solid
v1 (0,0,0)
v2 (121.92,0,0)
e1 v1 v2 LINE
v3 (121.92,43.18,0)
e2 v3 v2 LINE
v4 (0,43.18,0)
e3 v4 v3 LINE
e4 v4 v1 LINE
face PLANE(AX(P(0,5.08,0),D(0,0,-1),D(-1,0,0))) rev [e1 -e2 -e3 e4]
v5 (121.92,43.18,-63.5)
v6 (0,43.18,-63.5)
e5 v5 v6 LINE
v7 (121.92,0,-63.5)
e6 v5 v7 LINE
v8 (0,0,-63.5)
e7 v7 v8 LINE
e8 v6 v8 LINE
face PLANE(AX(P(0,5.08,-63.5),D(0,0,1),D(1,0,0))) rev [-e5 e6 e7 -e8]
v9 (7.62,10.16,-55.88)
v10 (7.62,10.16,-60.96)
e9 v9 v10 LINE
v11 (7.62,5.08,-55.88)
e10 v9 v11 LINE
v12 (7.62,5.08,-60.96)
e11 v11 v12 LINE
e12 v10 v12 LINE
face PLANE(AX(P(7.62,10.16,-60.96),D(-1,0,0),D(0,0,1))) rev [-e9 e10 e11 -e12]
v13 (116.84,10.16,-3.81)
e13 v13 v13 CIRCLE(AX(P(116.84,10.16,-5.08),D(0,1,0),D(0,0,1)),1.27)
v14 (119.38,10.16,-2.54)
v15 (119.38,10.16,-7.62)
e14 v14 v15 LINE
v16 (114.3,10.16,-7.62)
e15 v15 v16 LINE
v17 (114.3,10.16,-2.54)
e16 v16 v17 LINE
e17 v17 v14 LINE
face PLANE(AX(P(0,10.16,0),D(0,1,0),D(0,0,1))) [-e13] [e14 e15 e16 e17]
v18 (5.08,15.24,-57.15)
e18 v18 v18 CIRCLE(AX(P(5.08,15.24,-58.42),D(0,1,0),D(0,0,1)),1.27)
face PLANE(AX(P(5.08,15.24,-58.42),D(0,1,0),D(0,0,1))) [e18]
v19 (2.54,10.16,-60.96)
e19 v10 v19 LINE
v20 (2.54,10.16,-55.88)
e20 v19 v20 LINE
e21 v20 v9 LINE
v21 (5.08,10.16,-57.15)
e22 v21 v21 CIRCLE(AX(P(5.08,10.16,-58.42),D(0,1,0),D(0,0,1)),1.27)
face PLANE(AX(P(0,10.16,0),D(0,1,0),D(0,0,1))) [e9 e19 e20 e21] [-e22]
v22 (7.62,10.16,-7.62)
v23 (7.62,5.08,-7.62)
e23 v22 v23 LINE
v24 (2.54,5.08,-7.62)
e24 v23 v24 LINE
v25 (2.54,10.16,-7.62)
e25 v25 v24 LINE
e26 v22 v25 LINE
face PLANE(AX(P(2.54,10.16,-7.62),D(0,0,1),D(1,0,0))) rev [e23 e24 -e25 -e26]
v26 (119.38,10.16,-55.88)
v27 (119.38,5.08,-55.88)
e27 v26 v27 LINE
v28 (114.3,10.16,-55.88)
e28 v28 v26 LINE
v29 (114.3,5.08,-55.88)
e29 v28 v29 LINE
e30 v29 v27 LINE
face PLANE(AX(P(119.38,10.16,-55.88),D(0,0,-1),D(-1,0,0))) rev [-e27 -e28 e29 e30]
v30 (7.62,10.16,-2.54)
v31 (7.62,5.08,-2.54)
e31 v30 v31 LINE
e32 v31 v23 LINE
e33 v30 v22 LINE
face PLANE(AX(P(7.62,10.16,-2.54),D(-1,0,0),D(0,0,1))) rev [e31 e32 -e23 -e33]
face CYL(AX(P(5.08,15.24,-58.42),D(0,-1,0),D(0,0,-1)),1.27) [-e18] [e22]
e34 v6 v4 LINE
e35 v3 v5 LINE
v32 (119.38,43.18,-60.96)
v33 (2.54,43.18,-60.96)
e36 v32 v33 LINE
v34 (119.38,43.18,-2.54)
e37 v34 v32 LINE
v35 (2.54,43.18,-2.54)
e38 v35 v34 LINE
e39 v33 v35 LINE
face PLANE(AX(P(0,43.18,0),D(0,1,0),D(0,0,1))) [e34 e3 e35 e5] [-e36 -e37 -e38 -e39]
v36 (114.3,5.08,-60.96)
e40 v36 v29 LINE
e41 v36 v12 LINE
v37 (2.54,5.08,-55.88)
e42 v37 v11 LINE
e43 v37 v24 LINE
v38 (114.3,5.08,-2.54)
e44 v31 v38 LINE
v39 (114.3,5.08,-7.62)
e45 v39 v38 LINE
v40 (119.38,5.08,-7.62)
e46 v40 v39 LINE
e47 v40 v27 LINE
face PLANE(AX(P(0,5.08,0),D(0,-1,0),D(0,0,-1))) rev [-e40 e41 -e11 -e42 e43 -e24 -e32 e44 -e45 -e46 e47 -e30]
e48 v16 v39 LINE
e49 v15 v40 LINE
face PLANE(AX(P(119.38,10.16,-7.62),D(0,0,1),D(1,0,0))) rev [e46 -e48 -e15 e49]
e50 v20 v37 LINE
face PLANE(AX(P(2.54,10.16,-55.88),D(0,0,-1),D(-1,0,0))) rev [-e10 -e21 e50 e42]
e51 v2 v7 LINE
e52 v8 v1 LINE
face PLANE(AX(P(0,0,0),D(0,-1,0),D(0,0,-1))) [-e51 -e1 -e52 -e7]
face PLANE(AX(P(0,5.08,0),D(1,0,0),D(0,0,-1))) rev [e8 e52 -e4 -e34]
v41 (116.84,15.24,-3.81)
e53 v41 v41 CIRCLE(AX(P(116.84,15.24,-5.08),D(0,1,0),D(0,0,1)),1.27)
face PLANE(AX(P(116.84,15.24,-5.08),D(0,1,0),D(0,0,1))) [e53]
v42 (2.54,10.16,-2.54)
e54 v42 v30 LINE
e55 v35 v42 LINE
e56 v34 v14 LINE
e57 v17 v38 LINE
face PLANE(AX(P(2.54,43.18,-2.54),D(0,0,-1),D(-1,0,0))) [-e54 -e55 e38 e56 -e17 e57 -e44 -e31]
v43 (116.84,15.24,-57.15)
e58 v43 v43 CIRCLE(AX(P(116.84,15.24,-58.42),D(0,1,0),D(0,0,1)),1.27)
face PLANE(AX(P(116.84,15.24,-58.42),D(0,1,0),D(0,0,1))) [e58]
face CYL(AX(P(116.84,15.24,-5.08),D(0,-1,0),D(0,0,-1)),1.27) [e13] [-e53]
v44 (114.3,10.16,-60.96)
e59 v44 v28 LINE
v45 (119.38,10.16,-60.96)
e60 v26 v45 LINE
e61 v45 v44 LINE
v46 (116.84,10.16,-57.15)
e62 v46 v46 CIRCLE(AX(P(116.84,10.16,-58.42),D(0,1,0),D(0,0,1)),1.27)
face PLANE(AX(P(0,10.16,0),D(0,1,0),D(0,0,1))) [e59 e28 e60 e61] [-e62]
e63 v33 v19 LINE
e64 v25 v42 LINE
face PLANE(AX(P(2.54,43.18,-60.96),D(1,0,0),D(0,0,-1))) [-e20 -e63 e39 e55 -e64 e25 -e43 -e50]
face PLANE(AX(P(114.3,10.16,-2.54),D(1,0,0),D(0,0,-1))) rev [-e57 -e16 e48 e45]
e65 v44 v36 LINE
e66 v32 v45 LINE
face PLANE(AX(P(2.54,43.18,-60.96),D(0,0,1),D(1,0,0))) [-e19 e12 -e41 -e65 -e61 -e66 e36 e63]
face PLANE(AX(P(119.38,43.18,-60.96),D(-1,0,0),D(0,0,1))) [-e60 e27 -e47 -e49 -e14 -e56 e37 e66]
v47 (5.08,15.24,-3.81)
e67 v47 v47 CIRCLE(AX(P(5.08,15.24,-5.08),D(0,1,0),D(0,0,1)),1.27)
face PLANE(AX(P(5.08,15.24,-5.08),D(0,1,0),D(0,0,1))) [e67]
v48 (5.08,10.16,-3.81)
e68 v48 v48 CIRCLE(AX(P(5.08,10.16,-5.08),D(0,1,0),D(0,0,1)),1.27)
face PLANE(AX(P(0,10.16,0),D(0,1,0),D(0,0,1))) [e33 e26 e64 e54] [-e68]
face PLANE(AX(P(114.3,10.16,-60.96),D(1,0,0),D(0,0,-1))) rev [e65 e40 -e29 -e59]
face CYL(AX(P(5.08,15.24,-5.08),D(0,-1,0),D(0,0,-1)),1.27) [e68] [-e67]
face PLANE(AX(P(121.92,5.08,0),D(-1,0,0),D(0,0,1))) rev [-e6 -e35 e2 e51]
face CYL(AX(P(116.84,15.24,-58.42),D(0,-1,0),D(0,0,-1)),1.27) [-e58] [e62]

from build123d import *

# Parameters (mm, degrees)
SKETCH1_W           = 121.92
SKETCH1_H           = 63.5
BOSS_EXTRUDE1_DEPTH = 5.08
SKETCH2_W           = 121.92
SKETCH2_H           = 63.5
SKETCH2_W_2         = 116.84
SKETCH2_H_2         = 58.42
BOSS_EXTRUDE2_DEPTH = 38.1
SKETCH4_W           = 5.08
SKETCH4_H           = 5.08
BOSS_EXTRUDE3_DEPTH = 5.08
SKETCH5_R           = 1.27
BOSS_EXTRUDE4_DEPTH = 5.08


with BuildPart() as part:
    # Sketch1 → Boss-Extrude1 (new body)
    with BuildSketch(Plane(origin=(0, 0, 0), x_dir=(1, 0, 0), z_dir=(0, 1, 0))):
        with Locations((60.96, 31.75)):
            Rectangle(SKETCH1_W, SKETCH1_H)
    extrude(amount=BOSS_EXTRUDE1_DEPTH)

    # Sketch2 → Boss-Extrude2 (add)
    with BuildSketch(Plane(origin=(0, 5.08, 0), x_dir=(1, 0, 0), z_dir=(0, 1, 0))):
        with Locations((60.96, 31.75)):
            Rectangle(SKETCH2_W, SKETCH2_H)
        with Locations((60.96, 31.75)):
            Rectangle(SKETCH2_W_2, SKETCH2_H_2, mode=Mode.SUBTRACT)
    extrude(amount=BOSS_EXTRUDE2_DEPTH)

    # Sketch4 → Boss-Extrude3 (add)
    with BuildSketch(Plane(origin=(0, 5.08, 0), x_dir=(1, 0, 0), z_dir=(0, 1, 0))):
        with Locations((5.08, 58.42)):
            Rectangle(SKETCH4_W, SKETCH4_H)
        with Locations((116.84, 58.42)):
            Rectangle(SKETCH4_W, SKETCH4_H)
        with Locations((116.84, 5.08)):
            Rectangle(SKETCH4_W, SKETCH4_H)
        with Locations((5.08, 5.08)):
            Rectangle(SKETCH4_W, SKETCH4_H)
    extrude(amount=BOSS_EXTRUDE3_DEPTH)

    # Sketch5 → Boss-Extrude4 (add)
    with BuildSketch(Plane(origin=(0, 10.16, 0), x_dir=(1, 0, 0), z_dir=(0, 1, 0))):
        with Locations(Location((5.08, 58.42, 0), (0, 0, 270))):
            Circle(SKETCH5_R)
        with Locations(Location((116.84, 58.42, 0), (0, 0, 270))):
            Circle(SKETCH5_R)
        with Locations(Location((116.84, 5.08, 0), (0, 0, 270))):
            Circle(SKETCH5_R)
        with Locations(Location((5.08, 5.08, 0), (0, 0, 270))):
            Circle(SKETCH5_R)
    extrude(amount=BOSS_EXTRUDE4_DEPTH)


solid = part.part
